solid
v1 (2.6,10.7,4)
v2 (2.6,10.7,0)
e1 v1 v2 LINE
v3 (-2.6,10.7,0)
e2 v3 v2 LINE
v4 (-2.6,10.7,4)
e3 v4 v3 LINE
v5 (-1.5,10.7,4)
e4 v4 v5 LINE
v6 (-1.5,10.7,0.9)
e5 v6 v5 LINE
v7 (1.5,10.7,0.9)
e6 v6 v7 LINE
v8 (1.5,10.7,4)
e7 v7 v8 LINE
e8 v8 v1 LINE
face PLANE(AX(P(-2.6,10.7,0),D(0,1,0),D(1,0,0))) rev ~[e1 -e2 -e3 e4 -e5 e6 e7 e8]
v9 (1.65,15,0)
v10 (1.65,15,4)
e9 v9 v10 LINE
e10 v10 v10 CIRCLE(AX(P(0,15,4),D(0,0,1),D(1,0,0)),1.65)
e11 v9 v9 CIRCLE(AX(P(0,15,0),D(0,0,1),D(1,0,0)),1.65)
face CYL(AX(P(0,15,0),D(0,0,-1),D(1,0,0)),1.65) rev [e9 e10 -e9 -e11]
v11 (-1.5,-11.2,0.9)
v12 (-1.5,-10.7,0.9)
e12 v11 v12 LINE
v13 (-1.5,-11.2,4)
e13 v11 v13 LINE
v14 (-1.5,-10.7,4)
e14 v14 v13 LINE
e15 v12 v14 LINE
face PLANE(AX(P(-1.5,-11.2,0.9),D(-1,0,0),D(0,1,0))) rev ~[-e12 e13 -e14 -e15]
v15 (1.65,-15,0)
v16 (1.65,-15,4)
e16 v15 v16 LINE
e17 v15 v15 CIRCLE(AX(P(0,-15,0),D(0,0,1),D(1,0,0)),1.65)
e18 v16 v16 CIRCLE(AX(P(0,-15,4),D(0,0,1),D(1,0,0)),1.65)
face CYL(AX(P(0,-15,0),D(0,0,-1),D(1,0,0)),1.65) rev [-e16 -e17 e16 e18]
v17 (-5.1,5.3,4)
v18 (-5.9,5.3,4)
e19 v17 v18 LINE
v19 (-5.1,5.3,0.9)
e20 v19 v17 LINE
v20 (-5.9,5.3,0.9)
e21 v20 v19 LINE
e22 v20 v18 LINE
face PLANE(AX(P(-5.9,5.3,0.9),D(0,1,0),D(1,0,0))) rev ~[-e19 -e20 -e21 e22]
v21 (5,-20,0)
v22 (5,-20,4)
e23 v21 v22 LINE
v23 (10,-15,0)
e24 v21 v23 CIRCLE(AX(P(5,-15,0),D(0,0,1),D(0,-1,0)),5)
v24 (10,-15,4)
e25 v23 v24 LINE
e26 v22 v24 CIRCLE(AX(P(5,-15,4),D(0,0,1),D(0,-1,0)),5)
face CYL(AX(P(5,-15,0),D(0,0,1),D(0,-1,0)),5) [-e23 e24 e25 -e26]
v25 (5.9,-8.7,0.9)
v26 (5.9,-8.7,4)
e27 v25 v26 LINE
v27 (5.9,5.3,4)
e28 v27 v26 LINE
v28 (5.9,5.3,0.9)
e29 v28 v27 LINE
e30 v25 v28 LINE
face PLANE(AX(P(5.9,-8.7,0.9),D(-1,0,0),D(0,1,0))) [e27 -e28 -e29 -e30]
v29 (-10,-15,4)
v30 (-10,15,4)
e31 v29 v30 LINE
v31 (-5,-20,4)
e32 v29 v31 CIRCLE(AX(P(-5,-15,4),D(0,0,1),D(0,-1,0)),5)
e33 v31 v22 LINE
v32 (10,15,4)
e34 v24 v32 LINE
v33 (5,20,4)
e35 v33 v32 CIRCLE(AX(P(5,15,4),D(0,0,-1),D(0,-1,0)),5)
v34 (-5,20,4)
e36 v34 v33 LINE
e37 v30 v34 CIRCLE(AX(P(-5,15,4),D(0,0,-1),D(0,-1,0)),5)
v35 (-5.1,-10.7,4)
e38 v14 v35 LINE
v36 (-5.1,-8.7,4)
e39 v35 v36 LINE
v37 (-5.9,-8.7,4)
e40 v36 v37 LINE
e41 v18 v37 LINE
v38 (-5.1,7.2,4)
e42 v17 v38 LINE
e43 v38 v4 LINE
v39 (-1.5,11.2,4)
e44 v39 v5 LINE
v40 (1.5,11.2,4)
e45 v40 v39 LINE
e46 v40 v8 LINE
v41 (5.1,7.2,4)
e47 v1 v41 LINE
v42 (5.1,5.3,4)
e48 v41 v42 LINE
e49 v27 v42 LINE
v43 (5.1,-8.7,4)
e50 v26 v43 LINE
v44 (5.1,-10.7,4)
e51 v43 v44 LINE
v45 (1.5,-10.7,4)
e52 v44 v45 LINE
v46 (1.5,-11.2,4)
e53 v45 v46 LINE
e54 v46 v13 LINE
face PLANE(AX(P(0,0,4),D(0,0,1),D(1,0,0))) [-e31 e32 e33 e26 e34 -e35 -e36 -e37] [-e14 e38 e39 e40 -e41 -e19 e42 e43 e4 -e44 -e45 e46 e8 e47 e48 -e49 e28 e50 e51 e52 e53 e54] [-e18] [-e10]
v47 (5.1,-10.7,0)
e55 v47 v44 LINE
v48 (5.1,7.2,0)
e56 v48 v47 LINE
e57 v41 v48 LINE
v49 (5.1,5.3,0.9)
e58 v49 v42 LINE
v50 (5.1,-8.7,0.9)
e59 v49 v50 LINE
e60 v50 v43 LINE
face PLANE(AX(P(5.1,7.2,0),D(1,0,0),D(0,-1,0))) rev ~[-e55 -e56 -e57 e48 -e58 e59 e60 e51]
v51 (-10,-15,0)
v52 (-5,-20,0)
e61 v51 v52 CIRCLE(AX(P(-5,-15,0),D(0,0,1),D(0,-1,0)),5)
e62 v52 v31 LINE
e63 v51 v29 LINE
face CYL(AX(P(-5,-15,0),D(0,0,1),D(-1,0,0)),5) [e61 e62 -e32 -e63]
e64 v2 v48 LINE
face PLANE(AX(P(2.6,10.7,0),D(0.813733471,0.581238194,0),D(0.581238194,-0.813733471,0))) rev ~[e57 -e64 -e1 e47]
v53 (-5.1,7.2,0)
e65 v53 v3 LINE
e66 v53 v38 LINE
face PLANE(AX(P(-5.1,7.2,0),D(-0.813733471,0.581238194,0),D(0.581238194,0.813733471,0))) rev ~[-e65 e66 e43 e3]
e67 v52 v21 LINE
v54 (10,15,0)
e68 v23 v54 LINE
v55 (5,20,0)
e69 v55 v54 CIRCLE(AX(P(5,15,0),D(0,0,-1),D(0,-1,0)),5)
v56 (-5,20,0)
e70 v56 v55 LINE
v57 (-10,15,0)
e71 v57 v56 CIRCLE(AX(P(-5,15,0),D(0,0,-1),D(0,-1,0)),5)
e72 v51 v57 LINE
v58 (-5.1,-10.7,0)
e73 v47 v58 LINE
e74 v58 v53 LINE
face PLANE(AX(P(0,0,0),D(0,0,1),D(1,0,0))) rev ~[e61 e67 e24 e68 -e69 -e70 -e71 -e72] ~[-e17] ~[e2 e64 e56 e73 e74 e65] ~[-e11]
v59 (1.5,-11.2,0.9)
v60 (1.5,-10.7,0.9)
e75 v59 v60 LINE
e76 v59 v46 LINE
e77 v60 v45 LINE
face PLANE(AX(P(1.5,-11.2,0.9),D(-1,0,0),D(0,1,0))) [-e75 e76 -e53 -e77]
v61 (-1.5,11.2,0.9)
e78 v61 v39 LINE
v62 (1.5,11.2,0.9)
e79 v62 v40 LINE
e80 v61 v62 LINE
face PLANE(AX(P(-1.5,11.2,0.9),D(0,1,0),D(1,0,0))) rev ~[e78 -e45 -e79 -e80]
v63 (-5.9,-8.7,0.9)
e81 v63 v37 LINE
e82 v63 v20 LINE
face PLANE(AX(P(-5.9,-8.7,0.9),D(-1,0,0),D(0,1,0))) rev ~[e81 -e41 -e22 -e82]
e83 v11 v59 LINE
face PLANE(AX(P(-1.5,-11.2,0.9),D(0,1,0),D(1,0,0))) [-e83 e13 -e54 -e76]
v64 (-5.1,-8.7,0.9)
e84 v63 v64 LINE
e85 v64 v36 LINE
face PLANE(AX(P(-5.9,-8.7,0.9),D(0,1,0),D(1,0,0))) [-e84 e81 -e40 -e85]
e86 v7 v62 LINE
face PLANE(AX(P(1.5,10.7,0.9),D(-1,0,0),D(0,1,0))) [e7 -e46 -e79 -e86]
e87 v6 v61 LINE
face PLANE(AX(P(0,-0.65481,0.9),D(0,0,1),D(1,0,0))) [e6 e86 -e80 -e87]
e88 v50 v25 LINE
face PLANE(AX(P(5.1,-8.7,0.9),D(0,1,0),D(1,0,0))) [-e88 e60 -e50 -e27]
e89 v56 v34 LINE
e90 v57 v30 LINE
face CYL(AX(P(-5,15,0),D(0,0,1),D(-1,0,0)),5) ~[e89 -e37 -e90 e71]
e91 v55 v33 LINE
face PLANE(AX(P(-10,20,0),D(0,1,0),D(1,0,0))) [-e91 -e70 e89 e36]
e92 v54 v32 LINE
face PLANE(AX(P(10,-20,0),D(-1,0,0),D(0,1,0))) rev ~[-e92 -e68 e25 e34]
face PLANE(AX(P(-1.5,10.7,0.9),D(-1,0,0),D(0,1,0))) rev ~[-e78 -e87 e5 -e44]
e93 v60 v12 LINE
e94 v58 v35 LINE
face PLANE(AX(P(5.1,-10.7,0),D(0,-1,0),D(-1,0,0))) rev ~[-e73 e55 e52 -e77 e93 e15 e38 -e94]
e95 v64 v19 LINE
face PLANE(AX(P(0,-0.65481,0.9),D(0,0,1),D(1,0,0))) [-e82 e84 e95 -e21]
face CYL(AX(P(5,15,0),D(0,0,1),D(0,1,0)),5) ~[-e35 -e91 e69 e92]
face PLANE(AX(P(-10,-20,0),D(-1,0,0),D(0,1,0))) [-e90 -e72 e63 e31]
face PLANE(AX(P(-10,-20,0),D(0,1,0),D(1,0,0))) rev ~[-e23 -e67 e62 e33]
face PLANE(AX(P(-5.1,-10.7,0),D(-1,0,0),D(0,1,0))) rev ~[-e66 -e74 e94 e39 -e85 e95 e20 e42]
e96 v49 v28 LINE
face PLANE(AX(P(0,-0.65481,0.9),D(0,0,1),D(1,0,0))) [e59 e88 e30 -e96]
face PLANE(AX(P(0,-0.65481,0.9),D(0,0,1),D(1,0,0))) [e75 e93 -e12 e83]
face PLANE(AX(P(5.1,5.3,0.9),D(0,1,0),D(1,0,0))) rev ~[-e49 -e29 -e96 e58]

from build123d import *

# Parameters (mm, degrees)
F0_W     = 20
F0_H     = 40
F0_R     = 1.65
F1_DEPTH = 4
F2_R     = 5
F4_W     = 0.8
F4_H     = 14
F4_W_2   = 3
F4_H_2   = 0.5
F5_DEPTH = 3.5


with BuildPart() as f1:
    # F0 (on Top) → F1 (new body)
    with BuildSketch(Plane.XY):
        Rectangle(F0_W, F0_H)
        with Locations((0, -15)):
            Circle(F0_R, mode=Mode.SUBTRACT)
        Polygon((5.1, -10.7), (-5.1, -10.7), (-5.1, 7.2), (-2.6, 10.7), (2.6, 10.7), (5.1, 7.2), align=None, mode=Mode.SUBTRACT)
        with Locations((0, 15)):
            Circle(F0_R, mode=Mode.SUBTRACT)
    extrude(amount=F1_DEPTH)

    # F2
    f2_edges = [f1.edges().sort_by_distance(p)[0] for p in [
        (-10, 20, 2),
        (-10, -20, 2),
        (10, -20, 2),
        (10, 20, 2),
    ]]
    fillet(f2_edges, radius=F2_R)

    # F4 (on offset) → F5 (cut)
    with BuildSketch(Plane.XY.offset(0.9)):
        Polygon((-5.1, -8.7), (-5.1, -10.7), (-1.5, -10.7), (1.5, -10.7), (5.1, -10.7), (5.1, -8.7), (5.1, 5.3), (5.1, 7.2), (2.6, 10.7), (1.5, 10.7), (-1.5, 10.7), (-2.6, 10.7), (-5.1, 7.2), (-5.1, 5.3), align=None)
        with Locations((-5.5, -1.7)):
            Rectangle(F4_W, F4_H)
        with Locations((0, 10.95)):
            Rectangle(F4_W_2, F4_H_2)
        with Locations((5.5, -1.7)):
            Rectangle(F4_W, F4_H)
        with Locations((0, -10.95)):
            Rectangle(F4_W_2, F4_H_2)
    extrude(amount=F5_DEPTH, mode=Mode.SUBTRACT)


solid = f1.part
